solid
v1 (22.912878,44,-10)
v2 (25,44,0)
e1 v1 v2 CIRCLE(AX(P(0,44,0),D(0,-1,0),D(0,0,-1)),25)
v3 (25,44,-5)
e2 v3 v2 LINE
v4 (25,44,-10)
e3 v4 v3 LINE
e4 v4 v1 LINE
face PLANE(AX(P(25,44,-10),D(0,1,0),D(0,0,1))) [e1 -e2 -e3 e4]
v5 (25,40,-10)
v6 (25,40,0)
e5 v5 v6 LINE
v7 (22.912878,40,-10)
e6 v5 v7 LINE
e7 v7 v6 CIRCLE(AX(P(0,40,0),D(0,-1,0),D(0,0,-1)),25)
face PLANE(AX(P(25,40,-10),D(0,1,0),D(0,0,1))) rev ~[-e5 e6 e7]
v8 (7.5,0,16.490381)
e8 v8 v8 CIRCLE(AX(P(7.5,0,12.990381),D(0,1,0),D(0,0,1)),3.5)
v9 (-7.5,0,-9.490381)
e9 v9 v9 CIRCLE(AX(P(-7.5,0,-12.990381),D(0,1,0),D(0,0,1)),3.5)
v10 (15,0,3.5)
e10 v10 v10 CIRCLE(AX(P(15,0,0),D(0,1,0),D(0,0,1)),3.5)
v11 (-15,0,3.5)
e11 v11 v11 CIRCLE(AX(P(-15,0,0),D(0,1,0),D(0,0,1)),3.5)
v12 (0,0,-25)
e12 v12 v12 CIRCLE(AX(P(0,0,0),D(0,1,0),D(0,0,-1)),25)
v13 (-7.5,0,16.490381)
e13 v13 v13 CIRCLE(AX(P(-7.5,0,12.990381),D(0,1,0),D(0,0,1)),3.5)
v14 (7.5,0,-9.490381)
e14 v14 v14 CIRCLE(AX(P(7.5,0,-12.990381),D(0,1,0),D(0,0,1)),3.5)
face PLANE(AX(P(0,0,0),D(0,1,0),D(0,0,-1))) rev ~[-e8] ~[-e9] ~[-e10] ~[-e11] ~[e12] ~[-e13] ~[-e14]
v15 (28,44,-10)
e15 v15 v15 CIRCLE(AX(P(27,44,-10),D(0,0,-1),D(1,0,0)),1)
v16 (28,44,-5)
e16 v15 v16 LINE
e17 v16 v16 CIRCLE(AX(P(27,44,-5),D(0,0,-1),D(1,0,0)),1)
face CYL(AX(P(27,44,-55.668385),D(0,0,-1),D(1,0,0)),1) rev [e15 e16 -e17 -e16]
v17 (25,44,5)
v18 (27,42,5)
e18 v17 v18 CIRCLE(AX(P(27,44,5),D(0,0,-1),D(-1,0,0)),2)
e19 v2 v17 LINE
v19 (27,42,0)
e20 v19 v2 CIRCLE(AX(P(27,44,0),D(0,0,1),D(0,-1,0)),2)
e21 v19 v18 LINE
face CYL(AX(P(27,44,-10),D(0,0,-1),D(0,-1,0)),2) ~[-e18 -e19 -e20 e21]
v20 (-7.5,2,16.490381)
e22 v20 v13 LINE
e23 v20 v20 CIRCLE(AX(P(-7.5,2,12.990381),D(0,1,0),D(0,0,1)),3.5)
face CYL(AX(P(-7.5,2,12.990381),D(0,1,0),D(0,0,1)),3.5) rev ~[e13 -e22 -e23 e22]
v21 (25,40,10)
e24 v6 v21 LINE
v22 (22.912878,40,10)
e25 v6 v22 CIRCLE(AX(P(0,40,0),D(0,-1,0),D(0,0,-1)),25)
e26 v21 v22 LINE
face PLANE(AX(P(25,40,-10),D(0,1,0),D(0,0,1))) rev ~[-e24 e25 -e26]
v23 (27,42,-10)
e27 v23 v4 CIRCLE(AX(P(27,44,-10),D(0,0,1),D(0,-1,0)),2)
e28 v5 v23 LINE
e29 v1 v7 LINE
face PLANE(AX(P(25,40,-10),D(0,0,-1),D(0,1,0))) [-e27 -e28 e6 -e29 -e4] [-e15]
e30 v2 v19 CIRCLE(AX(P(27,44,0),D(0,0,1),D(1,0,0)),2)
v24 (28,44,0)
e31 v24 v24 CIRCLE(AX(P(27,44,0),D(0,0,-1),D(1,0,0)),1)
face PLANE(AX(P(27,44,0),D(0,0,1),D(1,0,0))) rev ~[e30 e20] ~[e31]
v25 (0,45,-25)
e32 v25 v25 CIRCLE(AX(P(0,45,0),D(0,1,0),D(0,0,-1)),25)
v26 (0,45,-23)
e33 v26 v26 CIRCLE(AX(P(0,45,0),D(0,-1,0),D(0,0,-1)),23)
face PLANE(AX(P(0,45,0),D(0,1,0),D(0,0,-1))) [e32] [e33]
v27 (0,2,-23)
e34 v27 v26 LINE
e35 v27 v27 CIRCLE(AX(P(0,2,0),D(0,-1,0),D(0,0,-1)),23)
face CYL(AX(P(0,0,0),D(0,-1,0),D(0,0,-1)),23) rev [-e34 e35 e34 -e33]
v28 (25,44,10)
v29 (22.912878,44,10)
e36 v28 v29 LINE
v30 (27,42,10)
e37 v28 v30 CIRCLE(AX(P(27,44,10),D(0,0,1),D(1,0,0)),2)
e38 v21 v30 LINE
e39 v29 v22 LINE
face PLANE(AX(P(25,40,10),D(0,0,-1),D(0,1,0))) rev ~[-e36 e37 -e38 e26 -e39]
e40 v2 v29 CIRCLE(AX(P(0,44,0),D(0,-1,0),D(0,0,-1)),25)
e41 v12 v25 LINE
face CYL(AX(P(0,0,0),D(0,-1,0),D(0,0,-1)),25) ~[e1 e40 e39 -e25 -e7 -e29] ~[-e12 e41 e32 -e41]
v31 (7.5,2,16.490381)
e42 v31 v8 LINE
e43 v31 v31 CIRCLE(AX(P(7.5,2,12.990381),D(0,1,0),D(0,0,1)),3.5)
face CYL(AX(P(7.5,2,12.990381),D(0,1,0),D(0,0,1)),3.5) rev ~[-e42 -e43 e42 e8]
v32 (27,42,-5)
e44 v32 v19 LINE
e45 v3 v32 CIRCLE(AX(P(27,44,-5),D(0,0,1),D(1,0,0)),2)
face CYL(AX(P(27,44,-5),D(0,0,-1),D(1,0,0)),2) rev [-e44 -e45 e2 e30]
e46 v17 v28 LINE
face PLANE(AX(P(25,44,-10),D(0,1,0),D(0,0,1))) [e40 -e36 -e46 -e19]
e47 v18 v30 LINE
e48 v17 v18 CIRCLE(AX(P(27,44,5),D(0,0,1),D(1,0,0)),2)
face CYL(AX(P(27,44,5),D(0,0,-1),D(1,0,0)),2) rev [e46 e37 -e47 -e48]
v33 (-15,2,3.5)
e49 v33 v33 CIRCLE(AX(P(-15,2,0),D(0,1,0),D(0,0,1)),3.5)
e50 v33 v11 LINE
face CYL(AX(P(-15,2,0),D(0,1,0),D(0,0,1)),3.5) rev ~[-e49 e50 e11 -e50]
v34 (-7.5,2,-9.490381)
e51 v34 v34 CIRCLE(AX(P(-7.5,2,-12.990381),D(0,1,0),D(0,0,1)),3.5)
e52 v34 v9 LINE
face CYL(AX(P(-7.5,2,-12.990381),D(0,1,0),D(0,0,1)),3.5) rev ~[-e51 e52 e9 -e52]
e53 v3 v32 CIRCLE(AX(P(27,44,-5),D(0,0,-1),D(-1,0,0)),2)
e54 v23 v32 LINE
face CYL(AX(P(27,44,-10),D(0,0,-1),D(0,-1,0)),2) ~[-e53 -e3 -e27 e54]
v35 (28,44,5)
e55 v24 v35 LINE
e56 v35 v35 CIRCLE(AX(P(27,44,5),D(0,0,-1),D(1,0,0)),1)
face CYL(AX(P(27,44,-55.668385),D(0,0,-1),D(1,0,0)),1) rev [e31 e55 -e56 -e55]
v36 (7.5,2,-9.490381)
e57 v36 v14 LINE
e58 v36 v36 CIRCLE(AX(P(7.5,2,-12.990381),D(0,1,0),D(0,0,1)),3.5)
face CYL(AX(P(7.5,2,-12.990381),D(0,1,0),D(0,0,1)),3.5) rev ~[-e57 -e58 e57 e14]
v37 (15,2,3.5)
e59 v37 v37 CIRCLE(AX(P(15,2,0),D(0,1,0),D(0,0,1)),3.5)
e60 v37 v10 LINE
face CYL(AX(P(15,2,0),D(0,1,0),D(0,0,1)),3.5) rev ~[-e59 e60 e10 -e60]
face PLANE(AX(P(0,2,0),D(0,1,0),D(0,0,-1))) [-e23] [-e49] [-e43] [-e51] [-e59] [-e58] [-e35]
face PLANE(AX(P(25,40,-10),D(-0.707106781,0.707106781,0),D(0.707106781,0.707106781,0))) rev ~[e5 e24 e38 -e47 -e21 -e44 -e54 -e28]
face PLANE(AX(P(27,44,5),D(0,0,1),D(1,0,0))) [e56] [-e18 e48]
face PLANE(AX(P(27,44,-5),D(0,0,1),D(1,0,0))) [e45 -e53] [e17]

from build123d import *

# Parameters (mm, degrees)
SKETCH1_R                = 25
BOSS_EXTRUDE1_DEPTH      = 45
SHELL1_T                 = -2
SKETCH2_R                = 3.5
CUT_EXTRUDE1_DEPTH       = 2
BOSS_EXTRUDE4_DEPTH      = 10
BOSS_EXTRUDE4_DEPTH_BACK = 10
BOSS_EXTRUDE6_REACH      = 74.395
SKETCH8_W                = 20
SKETCH8_H                = 4
CUT_EXTRUDE4_DEPTH       = 65.668384857
CUT_EXTRUDE4_DEPTH_BACK  = 65.668384857
SKETCH9_R                = 1
CUT_EXTRUDE5_START       = -5
SKETCH10_R               = 2
CUT_EXTRUDE5_DEPTH       = 5
LPATTERN2_COUNT          = 2
LPATTERN2_PITCH          = 10


with BuildPart() as part:
    # Sketch1 → Boss-Extrude1 (new body)
    with BuildSketch(Plane(origin=(0, 0, 0), x_dir=(1, 0, 0), z_dir=(0, 1, 0))):
        with Locations(Location((0, 0, 0), (0, 0, 90))):
            Circle(SKETCH1_R)
    extrude(amount=BOSS_EXTRUDE1_DEPTH)

    # Shell1
    shell1_openings = [part.faces().sort_by_distance(p)[0] for p in [
        (0, 45, 0),
    ]]
    offset(amount=SHELL1_T, openings=shell1_openings, kind=Kind.INTERSECTION)

    # Sketch2 → Cut-Extrude1 (cut)
    with BuildSketch(Plane(origin=(0, 2, 0), x_dir=(1, 0, 0), z_dir=(0, 1, 0))):
        with Locations(Location((15, 0, 0), (0, 0, 270))):
            Circle(SKETCH2_R)
        with Locations(Location((7.5, -12.990381057, 0), (0, 0, 270))):
            Circle(SKETCH2_R)
        with Locations(Location((-7.5, -12.990381057, 0), (0, 0, 270))):
            Circle(SKETCH2_R)
        with Locations(Location((-15, 0, 0), (0, 0, 270))):
            Circle(SKETCH2_R)
        with Locations(Location((-7.5, 12.990381057, 0), (0, 0, 270))):
            Circle(SKETCH2_R)
        with Locations(Location((7.5, 12.990381057, 0), (0, 0, 270))):
            Circle(SKETCH2_R)
    extrude(amount=-CUT_EXTRUDE1_DEPTH, mode=Mode.SUBTRACT)

    # Sketch8 → Boss-Extrude6 (add, up to next)
    with BuildSketch(Plane.ZY.offset(-25), mode=Mode.PRIVATE) as boss_extrude6_sk1:
        with Locations((0, 42)):
            Rectangle(SKETCH8_W, SKETCH8_H)
    boss_extrude6_tool1 = extrude(boss_extrude6_sk1.sketch, amount=BOSS_EXTRUDE6_REACH, mode=Mode.PRIVATE) - part.part


with BuildPart() as body_2:
    # Sketch3 → Boss-Extrude4 (new, two sides: drawn at the far end of the back side and taken through both)
    with BuildSketch(Plane.XY.offset(-BOSS_EXTRUDE4_DEPTH_BACK)):
        with BuildLine():
            Line((25, 44), (25, 40))
            Line((25, 40), (27, 42))
            ThreePointArc((27, 42), (28.414213562, 45.414213562), (25, 44))
        make_face()
    extrude(amount=BOSS_EXTRUDE4_DEPTH + BOSS_EXTRUDE4_DEPTH_BACK)


with BuildPart() as part_1:
    add(part.part)

    add(body_2.part)  # Boss-Extrude6 merges body 2
    add(boss_extrude6_tool1.solids().sort_by_distance((25, 42, 0))[0])
    add(boss_extrude6_tool1.solids().sort_by_distance((25, 42, 0))[1])

    # Sketch9 → Cut-Extrude4 (cut, two sides: drawn at the far end of the back side and taken through both)
    with BuildSketch(Plane.XY.offset(10).offset(-CUT_EXTRUDE4_DEPTH_BACK)):
        with Locations((27, 44)):
            Circle(SKETCH9_R)
    extrude(amount=CUT_EXTRUDE4_DEPTH + CUT_EXTRUDE4_DEPTH_BACK, mode=Mode.SUBTRACT)

    # Sketch10 → Cut-Extrude5 (cut)
    with BuildSketch(Plane.XY.offset(10).offset(CUT_EXTRUDE5_START)):
        with Locations((27, 44)):
            Circle(SKETCH10_R)
    cut_extrude5 = extrude(amount=CUT_EXTRUDE5_DEPTH, mode=Mode.SUBTRACT)

    # LPattern2: Cut-Extrude5 ×2
    with Locations(*[(0, 0, -i * LPATTERN2_PITCH) for i in range(1, LPATTERN2_COUNT)]):
        add(cut_extrude5, mode=Mode.SUBTRACT)


solid = part_1.part
